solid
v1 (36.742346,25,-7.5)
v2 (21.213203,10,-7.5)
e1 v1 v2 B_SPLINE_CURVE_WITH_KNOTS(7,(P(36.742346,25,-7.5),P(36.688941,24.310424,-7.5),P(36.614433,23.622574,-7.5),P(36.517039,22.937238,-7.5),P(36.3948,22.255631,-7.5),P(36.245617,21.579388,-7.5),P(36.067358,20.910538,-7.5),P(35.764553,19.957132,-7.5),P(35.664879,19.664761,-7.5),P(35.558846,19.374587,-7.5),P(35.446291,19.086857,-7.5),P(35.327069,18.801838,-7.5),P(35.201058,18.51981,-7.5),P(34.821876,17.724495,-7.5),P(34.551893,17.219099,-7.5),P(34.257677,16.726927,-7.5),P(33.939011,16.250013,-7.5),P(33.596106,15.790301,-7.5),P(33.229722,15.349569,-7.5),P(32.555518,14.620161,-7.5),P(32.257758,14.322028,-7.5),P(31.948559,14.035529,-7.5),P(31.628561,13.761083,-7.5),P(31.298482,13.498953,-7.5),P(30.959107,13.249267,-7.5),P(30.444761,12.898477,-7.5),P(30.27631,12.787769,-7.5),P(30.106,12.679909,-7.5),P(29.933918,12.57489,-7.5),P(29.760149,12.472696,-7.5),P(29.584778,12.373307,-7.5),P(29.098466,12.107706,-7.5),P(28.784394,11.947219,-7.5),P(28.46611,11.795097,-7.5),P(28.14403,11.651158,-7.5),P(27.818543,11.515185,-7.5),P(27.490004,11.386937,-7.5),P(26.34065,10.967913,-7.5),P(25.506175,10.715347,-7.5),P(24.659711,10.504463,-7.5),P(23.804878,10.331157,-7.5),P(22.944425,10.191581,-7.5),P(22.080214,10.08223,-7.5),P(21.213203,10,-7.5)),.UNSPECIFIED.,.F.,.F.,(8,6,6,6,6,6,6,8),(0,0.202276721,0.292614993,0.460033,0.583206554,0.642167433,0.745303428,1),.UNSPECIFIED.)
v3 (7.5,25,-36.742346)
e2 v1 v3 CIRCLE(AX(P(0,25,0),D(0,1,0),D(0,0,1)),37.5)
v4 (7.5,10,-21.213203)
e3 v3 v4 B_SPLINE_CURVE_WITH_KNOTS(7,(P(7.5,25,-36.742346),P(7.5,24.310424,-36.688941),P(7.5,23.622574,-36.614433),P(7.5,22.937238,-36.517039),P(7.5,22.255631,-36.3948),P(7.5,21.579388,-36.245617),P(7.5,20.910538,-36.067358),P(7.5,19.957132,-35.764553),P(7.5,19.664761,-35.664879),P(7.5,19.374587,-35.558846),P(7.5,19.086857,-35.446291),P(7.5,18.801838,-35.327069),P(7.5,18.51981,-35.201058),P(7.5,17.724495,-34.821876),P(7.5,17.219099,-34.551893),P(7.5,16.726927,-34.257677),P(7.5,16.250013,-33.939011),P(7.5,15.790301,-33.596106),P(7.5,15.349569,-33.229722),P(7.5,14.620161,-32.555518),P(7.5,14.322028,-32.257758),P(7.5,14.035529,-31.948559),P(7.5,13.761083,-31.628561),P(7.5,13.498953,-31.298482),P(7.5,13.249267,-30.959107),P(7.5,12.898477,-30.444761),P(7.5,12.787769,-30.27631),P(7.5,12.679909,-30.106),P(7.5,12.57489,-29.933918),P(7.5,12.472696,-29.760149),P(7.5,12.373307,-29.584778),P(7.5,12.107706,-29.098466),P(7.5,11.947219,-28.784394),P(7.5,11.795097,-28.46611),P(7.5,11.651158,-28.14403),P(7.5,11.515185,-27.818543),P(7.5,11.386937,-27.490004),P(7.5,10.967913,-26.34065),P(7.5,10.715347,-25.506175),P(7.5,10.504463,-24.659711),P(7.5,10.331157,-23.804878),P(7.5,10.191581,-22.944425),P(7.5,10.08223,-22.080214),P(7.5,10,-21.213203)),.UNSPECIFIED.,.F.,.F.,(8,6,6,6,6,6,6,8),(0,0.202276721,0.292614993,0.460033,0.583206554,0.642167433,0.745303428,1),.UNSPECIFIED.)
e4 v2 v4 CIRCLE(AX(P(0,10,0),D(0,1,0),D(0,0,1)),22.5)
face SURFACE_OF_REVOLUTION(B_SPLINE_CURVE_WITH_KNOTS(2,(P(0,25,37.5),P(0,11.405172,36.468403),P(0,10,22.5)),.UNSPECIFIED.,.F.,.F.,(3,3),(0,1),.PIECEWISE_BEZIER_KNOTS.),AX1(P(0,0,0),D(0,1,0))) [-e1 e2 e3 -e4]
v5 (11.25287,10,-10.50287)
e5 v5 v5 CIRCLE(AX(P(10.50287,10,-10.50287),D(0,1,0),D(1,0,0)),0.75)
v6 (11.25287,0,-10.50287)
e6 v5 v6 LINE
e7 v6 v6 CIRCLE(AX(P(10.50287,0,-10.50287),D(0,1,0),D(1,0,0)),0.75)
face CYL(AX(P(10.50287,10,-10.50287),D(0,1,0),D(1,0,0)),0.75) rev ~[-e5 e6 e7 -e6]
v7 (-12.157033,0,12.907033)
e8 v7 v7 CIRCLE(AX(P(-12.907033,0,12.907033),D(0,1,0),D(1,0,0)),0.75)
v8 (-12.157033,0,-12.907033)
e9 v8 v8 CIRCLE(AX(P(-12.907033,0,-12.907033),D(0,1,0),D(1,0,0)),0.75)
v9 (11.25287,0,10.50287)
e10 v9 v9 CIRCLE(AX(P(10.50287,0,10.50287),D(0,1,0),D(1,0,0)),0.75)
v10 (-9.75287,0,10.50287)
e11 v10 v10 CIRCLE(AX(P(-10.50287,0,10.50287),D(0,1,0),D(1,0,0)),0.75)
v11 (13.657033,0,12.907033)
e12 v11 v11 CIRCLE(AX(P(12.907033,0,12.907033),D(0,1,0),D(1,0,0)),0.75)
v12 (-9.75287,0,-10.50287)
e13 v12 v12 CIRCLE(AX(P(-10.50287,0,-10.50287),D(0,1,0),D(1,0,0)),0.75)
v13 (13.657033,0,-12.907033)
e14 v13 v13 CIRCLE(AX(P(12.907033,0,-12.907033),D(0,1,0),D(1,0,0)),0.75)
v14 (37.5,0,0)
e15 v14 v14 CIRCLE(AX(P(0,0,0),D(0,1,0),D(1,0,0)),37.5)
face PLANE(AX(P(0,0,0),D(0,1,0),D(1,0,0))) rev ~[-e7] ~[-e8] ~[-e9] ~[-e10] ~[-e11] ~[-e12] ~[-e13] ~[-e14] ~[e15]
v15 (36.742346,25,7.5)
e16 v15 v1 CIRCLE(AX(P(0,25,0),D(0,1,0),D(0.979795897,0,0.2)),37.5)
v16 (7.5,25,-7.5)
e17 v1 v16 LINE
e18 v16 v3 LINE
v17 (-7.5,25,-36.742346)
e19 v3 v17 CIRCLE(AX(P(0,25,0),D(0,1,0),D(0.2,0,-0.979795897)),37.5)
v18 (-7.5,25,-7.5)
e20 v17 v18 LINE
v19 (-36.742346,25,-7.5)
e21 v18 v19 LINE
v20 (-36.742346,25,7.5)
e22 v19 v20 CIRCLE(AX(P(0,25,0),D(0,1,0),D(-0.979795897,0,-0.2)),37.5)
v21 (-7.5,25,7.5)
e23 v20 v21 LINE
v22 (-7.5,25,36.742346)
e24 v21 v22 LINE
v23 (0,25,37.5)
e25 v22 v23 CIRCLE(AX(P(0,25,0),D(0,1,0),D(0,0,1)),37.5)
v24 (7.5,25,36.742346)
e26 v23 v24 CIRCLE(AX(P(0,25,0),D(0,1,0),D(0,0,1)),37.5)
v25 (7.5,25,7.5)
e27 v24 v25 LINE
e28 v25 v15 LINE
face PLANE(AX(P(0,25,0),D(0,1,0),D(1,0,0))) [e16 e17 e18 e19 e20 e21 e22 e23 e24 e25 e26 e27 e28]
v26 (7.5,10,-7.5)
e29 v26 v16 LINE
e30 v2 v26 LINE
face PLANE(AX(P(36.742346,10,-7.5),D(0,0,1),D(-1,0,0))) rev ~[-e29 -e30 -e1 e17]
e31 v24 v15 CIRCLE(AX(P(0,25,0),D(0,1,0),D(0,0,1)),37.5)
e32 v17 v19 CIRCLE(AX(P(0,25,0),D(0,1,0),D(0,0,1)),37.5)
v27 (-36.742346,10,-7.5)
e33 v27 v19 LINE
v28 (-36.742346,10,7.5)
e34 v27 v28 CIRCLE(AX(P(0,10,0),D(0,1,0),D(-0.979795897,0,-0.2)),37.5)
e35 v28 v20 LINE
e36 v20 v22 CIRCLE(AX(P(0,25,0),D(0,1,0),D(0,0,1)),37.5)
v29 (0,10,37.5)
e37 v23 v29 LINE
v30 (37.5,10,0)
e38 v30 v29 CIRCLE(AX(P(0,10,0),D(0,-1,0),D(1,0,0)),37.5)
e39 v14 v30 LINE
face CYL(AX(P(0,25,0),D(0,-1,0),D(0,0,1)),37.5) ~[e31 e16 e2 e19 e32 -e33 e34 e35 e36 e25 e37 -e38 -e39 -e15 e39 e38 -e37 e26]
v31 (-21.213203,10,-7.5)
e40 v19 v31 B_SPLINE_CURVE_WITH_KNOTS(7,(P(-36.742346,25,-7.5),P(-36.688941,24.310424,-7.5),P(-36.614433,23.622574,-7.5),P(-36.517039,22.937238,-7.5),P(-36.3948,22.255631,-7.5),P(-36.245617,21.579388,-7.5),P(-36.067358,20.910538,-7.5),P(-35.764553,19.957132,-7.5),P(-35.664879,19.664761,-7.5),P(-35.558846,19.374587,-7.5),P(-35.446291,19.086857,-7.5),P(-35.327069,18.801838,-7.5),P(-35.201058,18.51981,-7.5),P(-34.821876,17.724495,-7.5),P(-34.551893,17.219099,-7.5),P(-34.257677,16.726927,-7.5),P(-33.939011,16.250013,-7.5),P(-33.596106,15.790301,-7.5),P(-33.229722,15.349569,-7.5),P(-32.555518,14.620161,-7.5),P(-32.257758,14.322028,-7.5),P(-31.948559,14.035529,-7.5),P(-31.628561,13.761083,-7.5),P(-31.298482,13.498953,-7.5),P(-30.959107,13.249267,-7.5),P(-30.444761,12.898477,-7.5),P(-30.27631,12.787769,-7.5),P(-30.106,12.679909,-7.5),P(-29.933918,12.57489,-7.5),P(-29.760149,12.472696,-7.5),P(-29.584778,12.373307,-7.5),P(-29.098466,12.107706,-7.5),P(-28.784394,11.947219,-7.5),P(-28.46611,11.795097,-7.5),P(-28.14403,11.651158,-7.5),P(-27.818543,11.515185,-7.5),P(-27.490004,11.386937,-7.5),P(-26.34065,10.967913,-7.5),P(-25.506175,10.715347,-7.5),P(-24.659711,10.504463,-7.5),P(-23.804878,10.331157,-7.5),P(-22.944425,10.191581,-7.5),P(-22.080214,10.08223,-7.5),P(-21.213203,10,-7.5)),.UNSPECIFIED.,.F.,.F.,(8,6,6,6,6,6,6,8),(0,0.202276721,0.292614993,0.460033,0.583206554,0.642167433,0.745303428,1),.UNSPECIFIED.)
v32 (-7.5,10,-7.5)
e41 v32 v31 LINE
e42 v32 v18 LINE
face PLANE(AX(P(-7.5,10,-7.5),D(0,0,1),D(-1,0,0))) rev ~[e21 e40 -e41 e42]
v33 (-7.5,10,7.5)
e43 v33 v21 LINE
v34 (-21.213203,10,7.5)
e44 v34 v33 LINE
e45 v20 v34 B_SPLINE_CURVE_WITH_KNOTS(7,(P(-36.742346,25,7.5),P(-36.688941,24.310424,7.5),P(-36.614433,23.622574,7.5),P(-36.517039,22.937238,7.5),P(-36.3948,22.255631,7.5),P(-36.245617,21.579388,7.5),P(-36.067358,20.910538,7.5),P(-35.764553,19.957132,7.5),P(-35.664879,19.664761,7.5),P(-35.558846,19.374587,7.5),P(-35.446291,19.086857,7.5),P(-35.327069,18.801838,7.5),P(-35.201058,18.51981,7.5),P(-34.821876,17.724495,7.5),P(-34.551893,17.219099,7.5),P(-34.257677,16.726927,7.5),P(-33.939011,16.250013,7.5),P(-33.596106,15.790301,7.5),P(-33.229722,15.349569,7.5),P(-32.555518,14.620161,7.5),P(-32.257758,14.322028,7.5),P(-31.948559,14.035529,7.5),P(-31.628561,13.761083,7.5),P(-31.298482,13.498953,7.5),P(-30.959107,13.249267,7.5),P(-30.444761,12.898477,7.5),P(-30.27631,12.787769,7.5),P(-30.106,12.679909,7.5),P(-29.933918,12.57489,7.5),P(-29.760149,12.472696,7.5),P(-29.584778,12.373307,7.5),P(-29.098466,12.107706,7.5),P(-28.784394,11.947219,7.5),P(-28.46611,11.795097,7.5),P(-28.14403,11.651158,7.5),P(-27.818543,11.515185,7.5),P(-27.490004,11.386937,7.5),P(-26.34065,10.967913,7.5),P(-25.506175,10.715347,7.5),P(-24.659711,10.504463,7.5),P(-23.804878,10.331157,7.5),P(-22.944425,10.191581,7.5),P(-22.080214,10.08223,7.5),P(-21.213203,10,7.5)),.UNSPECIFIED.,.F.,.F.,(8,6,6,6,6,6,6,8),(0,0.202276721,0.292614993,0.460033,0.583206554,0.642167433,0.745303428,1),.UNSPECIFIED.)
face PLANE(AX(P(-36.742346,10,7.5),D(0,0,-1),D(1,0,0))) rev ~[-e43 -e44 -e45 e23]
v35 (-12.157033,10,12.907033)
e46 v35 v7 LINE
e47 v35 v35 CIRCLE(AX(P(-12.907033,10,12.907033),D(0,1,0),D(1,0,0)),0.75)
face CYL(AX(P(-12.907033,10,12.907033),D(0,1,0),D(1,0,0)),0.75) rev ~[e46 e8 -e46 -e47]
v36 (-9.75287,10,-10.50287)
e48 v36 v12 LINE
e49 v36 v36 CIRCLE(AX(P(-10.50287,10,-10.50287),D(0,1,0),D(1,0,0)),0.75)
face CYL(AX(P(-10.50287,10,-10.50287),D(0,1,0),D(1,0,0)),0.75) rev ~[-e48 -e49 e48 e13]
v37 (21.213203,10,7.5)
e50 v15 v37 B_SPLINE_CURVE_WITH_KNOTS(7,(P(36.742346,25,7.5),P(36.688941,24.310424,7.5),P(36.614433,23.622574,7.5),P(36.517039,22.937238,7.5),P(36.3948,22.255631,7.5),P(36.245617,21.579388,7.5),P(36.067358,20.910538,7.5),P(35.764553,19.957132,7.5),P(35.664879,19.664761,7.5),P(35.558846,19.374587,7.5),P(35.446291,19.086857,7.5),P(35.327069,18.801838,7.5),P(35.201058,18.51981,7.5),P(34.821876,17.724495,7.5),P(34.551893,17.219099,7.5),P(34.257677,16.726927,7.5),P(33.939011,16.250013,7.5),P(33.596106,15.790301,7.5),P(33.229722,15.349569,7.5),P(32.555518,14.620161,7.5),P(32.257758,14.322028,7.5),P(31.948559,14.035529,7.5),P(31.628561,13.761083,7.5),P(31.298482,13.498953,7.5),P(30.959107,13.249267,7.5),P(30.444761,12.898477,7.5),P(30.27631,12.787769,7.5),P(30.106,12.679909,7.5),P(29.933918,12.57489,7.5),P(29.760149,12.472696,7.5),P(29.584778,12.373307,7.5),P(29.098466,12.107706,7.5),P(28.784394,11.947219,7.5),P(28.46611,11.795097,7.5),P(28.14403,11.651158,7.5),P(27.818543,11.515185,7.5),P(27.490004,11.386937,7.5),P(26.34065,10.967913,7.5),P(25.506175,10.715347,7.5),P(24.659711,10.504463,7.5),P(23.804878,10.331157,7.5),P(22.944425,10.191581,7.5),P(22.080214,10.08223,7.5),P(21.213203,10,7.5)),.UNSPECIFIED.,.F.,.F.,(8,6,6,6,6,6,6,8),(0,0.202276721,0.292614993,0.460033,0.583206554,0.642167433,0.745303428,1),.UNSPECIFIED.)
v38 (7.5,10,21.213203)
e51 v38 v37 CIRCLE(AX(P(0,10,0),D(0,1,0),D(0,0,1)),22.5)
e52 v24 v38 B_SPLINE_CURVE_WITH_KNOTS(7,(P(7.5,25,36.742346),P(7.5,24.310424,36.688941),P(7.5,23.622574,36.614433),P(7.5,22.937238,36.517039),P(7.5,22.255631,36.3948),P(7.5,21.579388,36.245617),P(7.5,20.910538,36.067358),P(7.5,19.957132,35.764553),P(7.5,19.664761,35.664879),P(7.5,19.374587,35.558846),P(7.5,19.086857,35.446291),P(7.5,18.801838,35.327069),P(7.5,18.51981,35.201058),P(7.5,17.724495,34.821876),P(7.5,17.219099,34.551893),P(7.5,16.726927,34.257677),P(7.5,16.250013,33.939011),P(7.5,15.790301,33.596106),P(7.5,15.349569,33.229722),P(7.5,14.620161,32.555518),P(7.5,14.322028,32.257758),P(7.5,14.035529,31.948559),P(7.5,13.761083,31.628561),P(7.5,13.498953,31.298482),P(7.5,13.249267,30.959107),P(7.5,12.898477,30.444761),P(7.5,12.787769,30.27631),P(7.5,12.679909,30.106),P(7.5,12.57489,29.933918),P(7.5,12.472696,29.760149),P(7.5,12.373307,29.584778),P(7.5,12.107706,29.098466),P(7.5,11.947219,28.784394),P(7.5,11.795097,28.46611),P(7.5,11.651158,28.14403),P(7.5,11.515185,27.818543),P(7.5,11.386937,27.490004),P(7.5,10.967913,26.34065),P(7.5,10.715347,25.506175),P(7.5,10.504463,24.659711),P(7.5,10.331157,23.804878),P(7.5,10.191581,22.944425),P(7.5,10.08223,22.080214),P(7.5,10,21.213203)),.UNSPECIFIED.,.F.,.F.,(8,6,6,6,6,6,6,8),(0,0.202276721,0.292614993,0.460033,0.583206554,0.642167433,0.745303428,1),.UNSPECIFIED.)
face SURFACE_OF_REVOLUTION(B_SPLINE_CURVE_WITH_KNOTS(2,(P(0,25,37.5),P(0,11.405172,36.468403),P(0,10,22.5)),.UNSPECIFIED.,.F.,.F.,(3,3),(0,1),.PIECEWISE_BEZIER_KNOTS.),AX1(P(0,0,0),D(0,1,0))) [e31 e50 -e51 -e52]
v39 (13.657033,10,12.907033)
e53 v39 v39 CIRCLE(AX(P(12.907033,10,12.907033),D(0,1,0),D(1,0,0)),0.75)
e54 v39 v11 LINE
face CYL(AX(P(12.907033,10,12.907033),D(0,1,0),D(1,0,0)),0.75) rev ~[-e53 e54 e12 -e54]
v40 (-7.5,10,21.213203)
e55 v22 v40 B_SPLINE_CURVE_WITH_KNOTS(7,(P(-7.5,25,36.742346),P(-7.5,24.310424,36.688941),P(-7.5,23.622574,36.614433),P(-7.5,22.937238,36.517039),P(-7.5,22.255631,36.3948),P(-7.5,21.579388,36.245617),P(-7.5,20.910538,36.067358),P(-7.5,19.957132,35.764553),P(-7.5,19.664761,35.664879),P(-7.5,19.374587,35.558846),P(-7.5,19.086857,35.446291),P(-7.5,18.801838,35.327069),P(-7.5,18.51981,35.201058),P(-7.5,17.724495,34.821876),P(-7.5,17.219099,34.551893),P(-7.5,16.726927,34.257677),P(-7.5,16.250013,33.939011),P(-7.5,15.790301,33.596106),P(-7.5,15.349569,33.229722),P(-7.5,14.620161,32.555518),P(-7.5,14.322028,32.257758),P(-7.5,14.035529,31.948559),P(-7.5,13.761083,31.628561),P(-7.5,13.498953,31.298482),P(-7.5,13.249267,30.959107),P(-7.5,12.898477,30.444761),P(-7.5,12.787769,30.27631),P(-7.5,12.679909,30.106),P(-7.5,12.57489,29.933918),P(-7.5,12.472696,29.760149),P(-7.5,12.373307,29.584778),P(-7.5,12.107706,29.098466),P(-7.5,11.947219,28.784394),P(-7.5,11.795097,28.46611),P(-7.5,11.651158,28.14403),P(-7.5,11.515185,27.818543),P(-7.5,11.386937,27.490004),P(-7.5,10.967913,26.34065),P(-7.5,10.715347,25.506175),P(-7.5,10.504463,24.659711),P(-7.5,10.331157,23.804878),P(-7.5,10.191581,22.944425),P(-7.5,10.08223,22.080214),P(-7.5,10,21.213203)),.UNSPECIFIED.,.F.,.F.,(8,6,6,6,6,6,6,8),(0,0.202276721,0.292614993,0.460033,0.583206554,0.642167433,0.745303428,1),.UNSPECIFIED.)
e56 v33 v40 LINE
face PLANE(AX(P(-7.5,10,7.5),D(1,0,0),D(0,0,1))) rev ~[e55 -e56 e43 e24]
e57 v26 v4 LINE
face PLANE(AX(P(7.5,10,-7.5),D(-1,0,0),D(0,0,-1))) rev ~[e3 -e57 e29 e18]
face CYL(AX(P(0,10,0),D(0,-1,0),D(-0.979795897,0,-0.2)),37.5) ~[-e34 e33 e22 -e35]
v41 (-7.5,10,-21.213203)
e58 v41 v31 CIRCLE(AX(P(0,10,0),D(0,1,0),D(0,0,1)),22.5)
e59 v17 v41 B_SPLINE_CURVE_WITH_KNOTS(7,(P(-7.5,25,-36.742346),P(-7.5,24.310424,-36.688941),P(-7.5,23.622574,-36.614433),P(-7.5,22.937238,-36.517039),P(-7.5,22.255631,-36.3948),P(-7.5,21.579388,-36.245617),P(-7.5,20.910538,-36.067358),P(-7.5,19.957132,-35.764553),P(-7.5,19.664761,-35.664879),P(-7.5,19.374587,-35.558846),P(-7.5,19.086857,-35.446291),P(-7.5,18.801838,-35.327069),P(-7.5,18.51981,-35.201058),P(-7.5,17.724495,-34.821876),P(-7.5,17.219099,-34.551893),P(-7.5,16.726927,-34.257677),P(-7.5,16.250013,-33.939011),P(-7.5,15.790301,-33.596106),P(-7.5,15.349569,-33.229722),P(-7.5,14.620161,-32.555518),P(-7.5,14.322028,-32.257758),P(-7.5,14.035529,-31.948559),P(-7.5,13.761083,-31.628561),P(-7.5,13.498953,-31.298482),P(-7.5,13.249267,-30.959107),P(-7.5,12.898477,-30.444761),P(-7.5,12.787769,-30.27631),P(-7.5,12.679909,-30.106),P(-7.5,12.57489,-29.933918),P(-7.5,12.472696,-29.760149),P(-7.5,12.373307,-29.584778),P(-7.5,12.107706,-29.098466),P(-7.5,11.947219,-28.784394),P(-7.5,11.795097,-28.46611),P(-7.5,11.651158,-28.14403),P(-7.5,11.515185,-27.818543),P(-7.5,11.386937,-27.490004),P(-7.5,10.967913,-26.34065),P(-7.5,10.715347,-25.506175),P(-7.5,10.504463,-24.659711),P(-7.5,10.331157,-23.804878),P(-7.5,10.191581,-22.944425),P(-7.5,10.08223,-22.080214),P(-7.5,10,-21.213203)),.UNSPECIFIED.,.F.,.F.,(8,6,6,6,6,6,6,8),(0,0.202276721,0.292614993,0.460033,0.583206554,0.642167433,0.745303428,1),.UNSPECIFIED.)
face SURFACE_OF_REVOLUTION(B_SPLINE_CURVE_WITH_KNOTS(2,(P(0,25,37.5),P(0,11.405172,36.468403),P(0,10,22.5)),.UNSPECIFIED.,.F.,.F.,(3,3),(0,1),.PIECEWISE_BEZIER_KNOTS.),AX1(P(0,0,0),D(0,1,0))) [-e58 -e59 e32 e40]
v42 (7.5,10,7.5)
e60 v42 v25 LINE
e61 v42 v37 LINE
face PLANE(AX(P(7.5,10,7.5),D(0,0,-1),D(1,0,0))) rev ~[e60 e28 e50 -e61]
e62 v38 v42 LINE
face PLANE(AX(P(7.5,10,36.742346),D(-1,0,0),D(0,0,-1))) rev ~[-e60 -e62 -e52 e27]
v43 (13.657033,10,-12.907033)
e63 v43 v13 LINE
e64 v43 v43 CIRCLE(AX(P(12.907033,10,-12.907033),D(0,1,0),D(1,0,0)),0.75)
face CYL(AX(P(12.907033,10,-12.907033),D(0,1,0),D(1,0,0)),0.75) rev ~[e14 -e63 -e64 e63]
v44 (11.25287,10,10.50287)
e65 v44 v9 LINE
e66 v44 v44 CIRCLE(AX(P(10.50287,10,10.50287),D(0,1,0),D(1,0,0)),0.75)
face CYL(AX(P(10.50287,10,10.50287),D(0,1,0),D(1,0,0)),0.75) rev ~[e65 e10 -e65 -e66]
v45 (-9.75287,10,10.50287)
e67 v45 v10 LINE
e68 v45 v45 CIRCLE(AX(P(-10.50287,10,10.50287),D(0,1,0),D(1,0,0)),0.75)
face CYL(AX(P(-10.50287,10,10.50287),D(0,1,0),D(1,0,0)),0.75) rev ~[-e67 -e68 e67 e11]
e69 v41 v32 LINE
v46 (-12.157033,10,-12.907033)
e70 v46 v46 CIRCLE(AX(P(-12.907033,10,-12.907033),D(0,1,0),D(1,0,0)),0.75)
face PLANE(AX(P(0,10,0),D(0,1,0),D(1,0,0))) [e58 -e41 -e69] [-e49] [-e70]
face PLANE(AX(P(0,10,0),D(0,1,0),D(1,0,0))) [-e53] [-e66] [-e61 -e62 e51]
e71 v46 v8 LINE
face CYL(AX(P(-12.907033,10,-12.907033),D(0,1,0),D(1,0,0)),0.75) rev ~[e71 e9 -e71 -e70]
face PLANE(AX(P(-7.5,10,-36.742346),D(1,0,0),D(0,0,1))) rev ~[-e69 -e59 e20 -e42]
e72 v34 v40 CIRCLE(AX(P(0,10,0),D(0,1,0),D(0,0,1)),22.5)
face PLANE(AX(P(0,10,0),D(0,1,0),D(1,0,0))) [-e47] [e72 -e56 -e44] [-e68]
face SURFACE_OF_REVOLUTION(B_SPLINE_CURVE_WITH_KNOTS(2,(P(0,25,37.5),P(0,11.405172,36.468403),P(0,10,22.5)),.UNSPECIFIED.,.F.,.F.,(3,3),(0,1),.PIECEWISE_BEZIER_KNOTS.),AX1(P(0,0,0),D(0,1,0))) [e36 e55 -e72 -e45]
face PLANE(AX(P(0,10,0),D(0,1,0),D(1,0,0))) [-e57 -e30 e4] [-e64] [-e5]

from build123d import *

# Parameters (mm, degrees)
SKETCH1_R           = 37.5
BOSS_EXTRUDE1_DEPTH = 10
BOSS_EXTRUDE2_DEPTH = 15
SKETCH8_R           = 0.75
CUT_EXTRUDE1_DEPTH  = 11


with BuildPart() as part:
    # Sketch1 → Boss-Extrude1 (new body)
    with BuildSketch(Plane(origin=(0, 0, 0), x_dir=(1, 0, 0), z_dir=(0, 1, 0))):
        Circle(SKETCH1_R)
    extrude(amount=BOSS_EXTRUDE1_DEPTH)

    # Sketch5 → Revolve1 (revolve)
    with BuildSketch(Plane(origin=(0, 0, 0), x_dir=(0, 0, -1), z_dir=(1, 0, 0))):
        with BuildLine():
            Line((-37.5, 25), (-37.5, 10))
            Line((-37.5, 10), (-22.5, 10))
            add(Edge.make_bspline(
                [(-37.5, 25), (-36.468402779, 11.405172281), (-22.5, 10)],
                knots=[0, 0, 0, 1, 1, 1], degree=2))
        make_face()
    revolve(axis=Axis((0, 0, 0), (0, 1, 0)))

    # Sketch7 → Boss-Extrude2 (add)
    with BuildSketch(Plane(origin=(0, 10, 0), x_dir=(1, 0, 0), z_dir=(0, 1, 0))):
        with BuildLine():
            Line((36.742346142, 7.5), (7.5, 7.5))
            Line((7.5, 7.5), (7.5, 36.742346142))
            ThreePointArc((7.5, 36.742346142), (0, 37.5), (-7.5, 36.742346142))
            Line((-7.5, 36.742346142), (-7.5, 7.5))
            Line((-7.5, 7.5), (-36.742346142, 7.5))
            ThreePointArc((-36.742346142, 7.5), (-37.5, 0), (-36.742346142, -7.5))
            Line((-36.742346142, -7.5), (-7.5, -7.5))
            Line((-7.5, -7.5), (-7.5, -36.742346142))
            ThreePointArc((-7.5, -36.742346142), (0, -37.5), (7.5, -36.742346142))
            Line((7.5, -36.742346142), (7.5, -7.5))
            Line((7.5, -7.5), (36.742346142, -7.5))
            ThreePointArc((36.742346142, -7.5), (37.5, 0), (36.742346142, 7.5))
        make_face()
    extrude(amount=BOSS_EXTRUDE2_DEPTH)

    # Sketch8 → Cut-Extrude1 (cut, through all)
    with BuildSketch(Plane(origin=(0, 10, 0), x_dir=(1, 0, 0), z_dir=(0, 1, 0))):
        with Locations((-10.50286976, 10.50286976)):
            Circle(SKETCH8_R)
        with Locations((-12.907032816, 12.907032816)):
            Circle(SKETCH8_R)
        with Locations((10.50286976, 10.50286976)):
            Circle(SKETCH8_R)
        with Locations((12.907032816, 12.907032816)):
            Circle(SKETCH8_R)
        with Locations((10.50286976, -10.50286976)):
            Circle(SKETCH8_R)
        with Locations((12.907032816, -12.907032816)):
            Circle(SKETCH8_R)
        with Locations((-10.50286976, -10.50286976)):
            Circle(SKETCH8_R)
        with Locations((-12.907032816, -12.907032816)):
            Circle(SKETCH8_R)
    extrude(amount=-CUT_EXTRUDE1_DEPTH, mode=Mode.SUBTRACT)


solid = part.part
